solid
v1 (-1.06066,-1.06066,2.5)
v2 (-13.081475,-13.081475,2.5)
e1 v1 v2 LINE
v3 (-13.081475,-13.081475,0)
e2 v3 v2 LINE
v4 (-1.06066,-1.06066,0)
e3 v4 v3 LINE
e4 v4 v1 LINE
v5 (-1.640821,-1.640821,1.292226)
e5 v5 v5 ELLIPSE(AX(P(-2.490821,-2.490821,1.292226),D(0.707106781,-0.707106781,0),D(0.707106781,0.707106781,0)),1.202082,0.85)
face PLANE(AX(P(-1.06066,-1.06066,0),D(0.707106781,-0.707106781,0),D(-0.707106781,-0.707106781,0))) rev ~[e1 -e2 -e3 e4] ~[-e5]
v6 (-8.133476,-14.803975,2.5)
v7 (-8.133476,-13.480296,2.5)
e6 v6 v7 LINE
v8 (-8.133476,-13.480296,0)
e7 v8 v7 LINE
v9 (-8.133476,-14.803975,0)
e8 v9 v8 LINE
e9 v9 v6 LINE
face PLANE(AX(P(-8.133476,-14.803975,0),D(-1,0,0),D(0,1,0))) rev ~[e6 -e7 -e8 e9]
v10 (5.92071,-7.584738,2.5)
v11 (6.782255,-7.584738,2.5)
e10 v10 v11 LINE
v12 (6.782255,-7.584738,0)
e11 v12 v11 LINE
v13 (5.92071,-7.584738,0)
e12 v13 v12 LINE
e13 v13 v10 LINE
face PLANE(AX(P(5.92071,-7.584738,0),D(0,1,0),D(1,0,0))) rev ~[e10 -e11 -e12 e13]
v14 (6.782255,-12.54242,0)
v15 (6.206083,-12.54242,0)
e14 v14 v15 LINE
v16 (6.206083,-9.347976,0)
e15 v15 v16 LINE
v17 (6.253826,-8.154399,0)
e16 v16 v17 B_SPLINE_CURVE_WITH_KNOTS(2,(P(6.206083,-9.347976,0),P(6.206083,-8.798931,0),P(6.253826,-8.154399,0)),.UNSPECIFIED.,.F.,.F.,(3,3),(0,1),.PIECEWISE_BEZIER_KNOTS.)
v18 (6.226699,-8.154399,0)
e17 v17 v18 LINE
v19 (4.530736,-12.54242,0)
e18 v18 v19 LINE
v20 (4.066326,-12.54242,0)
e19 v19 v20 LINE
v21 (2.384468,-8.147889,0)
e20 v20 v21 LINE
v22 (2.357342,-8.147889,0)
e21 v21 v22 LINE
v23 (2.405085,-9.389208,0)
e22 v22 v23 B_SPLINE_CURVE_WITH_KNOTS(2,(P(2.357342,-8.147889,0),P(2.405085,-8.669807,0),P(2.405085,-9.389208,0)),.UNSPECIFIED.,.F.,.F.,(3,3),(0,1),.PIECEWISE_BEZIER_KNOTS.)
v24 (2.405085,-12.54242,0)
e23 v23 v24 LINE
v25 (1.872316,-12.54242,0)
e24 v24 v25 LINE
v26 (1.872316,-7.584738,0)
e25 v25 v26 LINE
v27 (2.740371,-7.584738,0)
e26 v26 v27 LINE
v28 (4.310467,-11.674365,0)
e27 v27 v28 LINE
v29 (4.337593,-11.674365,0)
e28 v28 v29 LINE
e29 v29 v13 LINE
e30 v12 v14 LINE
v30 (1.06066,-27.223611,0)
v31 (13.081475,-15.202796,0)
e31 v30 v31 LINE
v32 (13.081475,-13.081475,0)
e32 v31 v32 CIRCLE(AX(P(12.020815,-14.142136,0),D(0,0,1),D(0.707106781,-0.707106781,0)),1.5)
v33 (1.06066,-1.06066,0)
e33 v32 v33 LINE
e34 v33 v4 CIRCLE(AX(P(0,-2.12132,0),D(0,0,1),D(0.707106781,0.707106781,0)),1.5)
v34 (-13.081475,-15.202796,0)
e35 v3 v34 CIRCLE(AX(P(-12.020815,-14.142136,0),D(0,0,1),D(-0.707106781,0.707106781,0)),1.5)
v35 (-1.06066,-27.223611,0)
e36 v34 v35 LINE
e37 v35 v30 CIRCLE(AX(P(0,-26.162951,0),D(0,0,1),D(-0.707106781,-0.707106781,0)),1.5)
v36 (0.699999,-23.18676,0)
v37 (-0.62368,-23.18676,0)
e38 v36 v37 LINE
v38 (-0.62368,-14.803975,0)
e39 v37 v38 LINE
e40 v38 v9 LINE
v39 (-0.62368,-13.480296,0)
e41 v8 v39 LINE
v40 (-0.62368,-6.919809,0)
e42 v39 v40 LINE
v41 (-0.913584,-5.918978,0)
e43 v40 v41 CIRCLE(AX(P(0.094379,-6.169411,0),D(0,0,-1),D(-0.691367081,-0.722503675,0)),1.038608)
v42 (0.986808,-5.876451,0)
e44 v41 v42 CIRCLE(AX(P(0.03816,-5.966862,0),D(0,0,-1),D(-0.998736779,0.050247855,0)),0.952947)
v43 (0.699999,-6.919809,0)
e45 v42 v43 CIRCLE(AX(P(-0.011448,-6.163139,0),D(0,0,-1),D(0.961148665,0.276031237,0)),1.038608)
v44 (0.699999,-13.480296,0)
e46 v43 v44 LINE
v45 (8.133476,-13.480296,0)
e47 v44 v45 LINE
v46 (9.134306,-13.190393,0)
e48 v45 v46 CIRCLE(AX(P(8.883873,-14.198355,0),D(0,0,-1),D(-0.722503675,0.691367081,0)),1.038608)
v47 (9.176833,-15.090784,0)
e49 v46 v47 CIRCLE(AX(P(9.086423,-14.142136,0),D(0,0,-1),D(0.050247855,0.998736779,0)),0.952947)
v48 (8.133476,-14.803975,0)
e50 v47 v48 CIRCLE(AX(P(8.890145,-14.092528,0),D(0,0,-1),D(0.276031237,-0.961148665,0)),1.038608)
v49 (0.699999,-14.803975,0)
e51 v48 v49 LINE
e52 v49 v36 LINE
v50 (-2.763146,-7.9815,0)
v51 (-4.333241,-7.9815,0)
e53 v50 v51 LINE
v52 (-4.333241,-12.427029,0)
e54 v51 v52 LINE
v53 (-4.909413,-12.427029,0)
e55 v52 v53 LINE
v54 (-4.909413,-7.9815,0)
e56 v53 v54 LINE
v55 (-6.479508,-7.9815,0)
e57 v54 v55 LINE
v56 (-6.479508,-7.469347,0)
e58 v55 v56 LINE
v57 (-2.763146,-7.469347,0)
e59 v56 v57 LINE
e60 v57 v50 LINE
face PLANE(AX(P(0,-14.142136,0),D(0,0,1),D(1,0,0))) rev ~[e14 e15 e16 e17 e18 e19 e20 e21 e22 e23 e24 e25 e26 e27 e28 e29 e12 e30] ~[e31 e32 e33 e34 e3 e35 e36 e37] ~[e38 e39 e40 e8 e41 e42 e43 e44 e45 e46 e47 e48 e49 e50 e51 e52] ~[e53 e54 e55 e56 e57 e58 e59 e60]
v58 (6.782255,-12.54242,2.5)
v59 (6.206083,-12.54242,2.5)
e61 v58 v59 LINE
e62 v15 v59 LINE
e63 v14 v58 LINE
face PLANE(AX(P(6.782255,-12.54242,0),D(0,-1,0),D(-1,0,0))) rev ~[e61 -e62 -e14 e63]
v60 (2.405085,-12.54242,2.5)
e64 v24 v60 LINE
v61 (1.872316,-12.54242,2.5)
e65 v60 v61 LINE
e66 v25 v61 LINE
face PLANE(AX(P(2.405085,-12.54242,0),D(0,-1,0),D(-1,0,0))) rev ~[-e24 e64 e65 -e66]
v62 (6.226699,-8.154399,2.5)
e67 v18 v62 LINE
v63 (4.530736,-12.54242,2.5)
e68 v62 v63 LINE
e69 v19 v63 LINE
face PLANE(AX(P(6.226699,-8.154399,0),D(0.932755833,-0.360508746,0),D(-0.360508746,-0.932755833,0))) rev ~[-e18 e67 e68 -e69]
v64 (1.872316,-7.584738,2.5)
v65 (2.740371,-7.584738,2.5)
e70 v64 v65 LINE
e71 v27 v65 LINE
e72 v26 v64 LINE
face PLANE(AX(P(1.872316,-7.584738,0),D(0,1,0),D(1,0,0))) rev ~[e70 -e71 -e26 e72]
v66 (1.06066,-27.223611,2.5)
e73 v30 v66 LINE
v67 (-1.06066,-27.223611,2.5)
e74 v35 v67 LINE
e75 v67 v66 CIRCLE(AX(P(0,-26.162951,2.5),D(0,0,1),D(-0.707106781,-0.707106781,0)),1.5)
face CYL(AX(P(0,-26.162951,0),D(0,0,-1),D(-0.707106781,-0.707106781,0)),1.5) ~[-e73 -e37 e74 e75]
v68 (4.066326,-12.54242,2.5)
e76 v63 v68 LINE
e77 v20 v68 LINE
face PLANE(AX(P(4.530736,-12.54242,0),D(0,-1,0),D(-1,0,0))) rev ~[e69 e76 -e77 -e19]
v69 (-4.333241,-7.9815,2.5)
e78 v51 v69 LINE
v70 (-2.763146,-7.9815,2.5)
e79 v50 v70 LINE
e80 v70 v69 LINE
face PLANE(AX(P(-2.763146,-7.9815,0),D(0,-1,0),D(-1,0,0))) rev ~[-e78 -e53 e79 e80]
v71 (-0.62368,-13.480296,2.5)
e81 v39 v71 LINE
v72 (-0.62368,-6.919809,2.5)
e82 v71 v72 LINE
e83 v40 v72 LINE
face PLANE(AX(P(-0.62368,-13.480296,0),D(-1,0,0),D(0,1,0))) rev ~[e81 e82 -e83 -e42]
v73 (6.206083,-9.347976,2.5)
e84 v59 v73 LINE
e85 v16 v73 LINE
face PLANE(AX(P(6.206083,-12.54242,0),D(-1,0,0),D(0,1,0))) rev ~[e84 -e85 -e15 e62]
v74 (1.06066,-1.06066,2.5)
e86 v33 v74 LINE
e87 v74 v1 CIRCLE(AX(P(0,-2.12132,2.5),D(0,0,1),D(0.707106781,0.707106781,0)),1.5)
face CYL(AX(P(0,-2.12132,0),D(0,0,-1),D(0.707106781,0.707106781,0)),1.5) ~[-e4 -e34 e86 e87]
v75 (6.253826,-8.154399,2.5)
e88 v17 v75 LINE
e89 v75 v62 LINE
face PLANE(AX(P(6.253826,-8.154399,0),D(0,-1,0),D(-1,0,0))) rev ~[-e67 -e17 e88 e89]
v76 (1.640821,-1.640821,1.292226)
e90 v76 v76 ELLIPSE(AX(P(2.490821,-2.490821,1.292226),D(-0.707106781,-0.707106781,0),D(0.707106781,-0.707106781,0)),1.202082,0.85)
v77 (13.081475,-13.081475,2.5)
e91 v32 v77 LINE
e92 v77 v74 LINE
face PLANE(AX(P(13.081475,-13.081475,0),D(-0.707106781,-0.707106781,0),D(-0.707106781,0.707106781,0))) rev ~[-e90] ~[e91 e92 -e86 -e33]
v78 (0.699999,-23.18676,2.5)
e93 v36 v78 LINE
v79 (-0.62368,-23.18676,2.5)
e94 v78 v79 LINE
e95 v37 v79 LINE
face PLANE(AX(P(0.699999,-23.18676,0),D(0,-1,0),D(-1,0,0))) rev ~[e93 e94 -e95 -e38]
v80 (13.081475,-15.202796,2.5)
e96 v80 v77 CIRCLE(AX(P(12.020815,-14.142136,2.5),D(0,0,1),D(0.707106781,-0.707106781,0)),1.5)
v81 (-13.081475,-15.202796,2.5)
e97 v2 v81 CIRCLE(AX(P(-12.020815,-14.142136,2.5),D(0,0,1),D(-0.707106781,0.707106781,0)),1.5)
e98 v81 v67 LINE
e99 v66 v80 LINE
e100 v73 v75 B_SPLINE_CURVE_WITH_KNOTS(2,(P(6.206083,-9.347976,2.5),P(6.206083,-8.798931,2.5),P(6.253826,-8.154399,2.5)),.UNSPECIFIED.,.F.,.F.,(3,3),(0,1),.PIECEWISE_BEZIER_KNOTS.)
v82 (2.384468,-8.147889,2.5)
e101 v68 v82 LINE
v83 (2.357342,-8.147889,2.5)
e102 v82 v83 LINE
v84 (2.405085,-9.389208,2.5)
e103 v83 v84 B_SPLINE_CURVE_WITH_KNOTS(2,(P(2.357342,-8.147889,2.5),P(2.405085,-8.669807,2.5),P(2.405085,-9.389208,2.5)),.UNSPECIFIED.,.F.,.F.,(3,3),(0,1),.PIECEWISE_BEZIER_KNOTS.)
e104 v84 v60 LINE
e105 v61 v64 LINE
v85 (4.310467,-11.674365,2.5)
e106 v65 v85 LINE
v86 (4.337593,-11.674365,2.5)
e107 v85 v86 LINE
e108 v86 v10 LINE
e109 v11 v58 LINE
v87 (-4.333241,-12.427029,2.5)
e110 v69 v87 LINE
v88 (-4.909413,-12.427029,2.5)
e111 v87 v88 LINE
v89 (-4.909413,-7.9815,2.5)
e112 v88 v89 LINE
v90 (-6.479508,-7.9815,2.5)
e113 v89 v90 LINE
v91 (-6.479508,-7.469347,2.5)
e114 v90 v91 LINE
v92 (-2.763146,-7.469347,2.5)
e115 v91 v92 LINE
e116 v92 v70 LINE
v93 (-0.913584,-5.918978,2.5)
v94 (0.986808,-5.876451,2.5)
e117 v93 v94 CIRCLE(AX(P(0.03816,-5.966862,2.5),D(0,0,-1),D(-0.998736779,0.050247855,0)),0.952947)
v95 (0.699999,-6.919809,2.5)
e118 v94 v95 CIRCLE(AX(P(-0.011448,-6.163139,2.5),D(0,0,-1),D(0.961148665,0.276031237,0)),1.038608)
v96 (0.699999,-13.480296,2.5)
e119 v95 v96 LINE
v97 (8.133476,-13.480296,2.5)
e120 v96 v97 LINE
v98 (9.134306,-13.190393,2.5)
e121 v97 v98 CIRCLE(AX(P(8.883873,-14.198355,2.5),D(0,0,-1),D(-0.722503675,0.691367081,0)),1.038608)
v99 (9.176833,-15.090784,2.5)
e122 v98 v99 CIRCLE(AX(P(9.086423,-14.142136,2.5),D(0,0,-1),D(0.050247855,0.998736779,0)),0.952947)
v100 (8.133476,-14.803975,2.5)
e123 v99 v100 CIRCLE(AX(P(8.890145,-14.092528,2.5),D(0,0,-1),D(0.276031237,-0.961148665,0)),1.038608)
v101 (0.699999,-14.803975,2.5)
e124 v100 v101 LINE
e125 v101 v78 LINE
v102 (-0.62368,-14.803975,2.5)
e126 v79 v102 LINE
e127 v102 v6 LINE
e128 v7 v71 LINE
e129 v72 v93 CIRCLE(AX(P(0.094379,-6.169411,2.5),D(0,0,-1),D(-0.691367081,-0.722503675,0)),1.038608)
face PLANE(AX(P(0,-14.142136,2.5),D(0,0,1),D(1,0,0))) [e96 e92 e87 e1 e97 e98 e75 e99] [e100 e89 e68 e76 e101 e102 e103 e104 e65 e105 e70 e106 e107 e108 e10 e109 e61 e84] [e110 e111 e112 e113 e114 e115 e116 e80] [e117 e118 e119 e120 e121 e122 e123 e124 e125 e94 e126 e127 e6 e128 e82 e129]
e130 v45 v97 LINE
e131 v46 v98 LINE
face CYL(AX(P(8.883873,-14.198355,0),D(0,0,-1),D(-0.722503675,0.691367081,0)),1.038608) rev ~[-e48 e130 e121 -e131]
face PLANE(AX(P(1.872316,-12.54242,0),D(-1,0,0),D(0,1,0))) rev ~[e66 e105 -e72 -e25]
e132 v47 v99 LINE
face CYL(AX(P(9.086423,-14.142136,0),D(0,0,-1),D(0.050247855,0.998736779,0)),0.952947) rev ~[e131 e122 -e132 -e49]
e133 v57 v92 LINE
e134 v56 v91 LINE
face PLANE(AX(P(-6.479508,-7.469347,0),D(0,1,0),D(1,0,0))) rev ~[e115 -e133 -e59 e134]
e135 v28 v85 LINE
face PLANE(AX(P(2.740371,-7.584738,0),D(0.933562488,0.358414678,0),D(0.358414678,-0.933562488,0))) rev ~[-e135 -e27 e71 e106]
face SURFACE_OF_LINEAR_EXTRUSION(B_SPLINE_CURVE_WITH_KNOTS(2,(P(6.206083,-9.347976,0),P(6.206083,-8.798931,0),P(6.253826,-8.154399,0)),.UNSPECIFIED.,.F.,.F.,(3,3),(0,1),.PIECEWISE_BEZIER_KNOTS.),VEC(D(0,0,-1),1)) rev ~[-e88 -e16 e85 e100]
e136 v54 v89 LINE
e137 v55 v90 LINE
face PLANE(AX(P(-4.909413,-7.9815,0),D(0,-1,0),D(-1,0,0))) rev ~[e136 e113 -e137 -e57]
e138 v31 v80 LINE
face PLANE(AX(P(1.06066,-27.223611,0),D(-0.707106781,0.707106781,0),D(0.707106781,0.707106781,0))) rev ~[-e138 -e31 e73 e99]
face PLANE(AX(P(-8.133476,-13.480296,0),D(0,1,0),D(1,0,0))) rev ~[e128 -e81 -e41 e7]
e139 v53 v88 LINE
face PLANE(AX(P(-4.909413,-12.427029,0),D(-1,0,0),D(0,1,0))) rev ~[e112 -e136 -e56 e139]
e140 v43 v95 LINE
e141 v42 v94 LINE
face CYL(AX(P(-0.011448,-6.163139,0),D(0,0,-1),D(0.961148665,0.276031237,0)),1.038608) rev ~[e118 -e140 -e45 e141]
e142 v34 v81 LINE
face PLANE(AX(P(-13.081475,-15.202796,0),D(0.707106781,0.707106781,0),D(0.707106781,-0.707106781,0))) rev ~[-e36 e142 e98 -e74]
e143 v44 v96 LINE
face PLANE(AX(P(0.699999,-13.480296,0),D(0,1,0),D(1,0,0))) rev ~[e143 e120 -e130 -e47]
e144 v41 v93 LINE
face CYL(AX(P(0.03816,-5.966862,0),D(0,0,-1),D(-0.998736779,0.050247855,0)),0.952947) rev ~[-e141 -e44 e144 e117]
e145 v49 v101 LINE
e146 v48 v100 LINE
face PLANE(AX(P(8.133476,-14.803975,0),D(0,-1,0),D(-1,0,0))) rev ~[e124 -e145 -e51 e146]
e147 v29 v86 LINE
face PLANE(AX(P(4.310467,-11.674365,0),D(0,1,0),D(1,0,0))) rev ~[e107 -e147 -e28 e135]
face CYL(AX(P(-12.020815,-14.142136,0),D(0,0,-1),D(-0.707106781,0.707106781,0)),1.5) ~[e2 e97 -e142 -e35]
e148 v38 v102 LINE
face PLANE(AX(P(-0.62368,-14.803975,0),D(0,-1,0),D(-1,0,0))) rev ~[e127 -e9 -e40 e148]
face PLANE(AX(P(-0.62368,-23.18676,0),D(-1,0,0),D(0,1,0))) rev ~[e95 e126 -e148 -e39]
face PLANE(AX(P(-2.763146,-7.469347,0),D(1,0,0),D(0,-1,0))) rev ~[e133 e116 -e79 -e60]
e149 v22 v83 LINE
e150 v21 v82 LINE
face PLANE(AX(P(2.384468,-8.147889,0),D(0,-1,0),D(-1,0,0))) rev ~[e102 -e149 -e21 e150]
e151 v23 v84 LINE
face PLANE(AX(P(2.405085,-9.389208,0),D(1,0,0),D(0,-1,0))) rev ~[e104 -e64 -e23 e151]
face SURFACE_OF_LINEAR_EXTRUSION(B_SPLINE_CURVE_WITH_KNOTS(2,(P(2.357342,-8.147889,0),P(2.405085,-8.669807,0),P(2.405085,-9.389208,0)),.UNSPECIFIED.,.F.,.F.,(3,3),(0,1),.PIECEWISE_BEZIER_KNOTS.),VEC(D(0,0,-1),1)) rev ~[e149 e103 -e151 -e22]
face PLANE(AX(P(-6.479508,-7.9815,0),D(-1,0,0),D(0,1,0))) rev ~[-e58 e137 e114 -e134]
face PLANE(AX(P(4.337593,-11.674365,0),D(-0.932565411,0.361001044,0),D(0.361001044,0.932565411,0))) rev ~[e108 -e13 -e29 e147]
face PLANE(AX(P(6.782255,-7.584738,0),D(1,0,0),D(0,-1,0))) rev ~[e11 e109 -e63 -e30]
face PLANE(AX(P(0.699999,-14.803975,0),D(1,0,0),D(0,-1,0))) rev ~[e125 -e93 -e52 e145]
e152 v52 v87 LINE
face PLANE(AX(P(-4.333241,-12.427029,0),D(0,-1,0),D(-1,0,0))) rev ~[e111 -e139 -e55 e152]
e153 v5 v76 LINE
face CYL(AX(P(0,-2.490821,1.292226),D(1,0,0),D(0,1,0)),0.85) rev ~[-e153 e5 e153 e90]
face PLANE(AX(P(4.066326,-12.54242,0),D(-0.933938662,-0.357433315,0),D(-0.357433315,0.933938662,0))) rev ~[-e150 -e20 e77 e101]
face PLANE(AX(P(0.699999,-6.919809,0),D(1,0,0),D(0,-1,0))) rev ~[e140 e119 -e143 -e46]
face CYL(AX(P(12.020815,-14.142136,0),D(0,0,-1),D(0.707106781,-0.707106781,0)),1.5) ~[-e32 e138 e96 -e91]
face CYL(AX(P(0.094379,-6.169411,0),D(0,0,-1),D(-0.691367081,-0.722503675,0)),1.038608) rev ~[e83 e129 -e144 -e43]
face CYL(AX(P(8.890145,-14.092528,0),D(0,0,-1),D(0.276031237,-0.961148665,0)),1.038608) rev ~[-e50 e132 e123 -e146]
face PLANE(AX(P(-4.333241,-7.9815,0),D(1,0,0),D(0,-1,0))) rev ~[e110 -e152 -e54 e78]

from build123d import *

# Parameters (mm, degrees)
F1_DEPTH = 2.5
F2_R     = 0.85
F3_DEPTH = 12.5


with BuildPart() as f1:
    # F0 (on Top) → F1 (new body)
    with BuildSketch(Plane.XY):
        with BuildLine():
            Line((13.081475452, -13.081475452), (1.0606601718, -1.0606601718))
            ThreePointArc((1.0606601718, -1.0606601718), (0, -0.6213203436), (-1.0606601718, -1.0606601718))
            Line((-1.0606601718, -1.0606601718), (-13.081475452, -13.081475452))
            ThreePointArc((-13.081475452, -13.081475452), (-13.5208152802, -14.1421356237), (-13.081475452, -15.2027957955))
            Line((-13.081475452, -15.2027957955), (-1.0606601718, -27.2236110757))
            ThreePointArc((-1.0606601718, -27.2236110757), (0, -27.6629509039), (1.0606601718, -27.2236110757))
            Line((1.0606601718, -27.2236110757), (13.081475452, -15.2027957955))
            ThreePointArc((13.081475452, -15.2027957955), (13.5208152802, -14.1421356237), (13.081475452, -13.081475452))
        make_face()
        Polygon((-4.3332411349, -7.9814997978), (-4.3332411349, -12.4270293117), (-4.9094130099, -12.4270293117), (-4.9094130099, -7.9814997978), (-6.479508496, -7.9814997978), (-6.479508496, -7.46934702), (-2.7631456488, -7.46934702), (-2.7631456488, -7.9814997978), align=None, mode=Mode.SUBTRACT)
        with BuildLine():
            Line((-8.1334756687, -14.8039748892), (-8.1334756687, -13.4802963582))
            Line((-8.1334756687, -13.4802963582), (-0.6236797201, -13.4802963582))
            Line((-0.6236797201, -13.4802963582), (-0.6236797201, -6.9198086858))
            ThreePointArc((-0.6236797201, -6.9198086858), (-0.9032194318, -6.4583786209), (-0.9135835525, -5.9189782686))
            ThreePointArc((-0.9135835525, -5.9189782686), (0.0168397474, -5.0141534426), (0.9868078824, -5.876451129))
            ThreePointArc((0.9868078824, -5.876451129), (0.9900106564, -6.4384308628), (0.6999988109, -6.9198086858))
            Line((0.6999988109, -6.9198086858), (0.6999988109, -13.4802963582))
            Line((0.6999988109, -13.4802963582), (8.1334756687, -13.4802963582))
            ThreePointArc((8.1334756687, -13.4802963582), (8.5949057336, -13.2007566465), (9.134306086, -13.1903925258))
            ThreePointArc((9.134306086, -13.1903925258), (10.0391309119, -14.1208158258), (9.1768332255, -15.0907839607))
            ThreePointArc((9.1768332255, -15.0907839607), (8.6148534917, -15.0939867347), (8.1334756687, -14.8039748892))
            Line((8.1334756687, -14.8039748892), (0.6999988109, -14.8039748892))
            Line((0.6999988109, -14.8039748892), (0.6999988109, -23.1867600232))
            Line((0.6999988109, -23.1867600232), (-0.6236797201, -23.1867600232))
            Line((-0.6236797201, -23.1867600232), (-0.6236797201, -14.8039748892))
            Line((-0.6236797201, -14.8039748892), (-8.1334756687, -14.8039748892))
        make_face(mode=Mode.SUBTRACT)
        with BuildLine():
            Line((4.530735705, -12.5424201787), (4.0663259828, -12.5424201787))
            Line((4.0663259828, -12.5424201787), (2.3844683439, -8.1478889287))
            Line((2.3844683439, -8.1478889287), (2.3573416078, -8.1478889287))
            add(Edge.make_bspline(
                [(2.3573416078, -8.1478889287), (2.4050846634, -8.6698073314), (2.4050846634, -9.3892083731)],
                knots=[0, 0, 0, 1, 1, 1], degree=2))
            Line((2.4050846634, -9.3892083731), (2.4050846634, -12.5424201787))
            Line((2.4050846634, -12.5424201787), (1.8723155662, -12.5424201787))
            Line((1.8723155662, -12.5424201787), (1.8723155662, -7.584737887))
            Line((1.8723155662, -7.584737887), (2.7403711217, -7.584737887))
            Line((2.7403711217, -7.584737887), (4.3104666078, -11.6743646231))
            Line((4.3104666078, -11.6743646231), (4.3375933439, -11.6743646231))
            Line((4.3375933439, -11.6743646231), (5.9207096634, -7.584737887))
            Line((5.9207096634, -7.584737887), (6.7822548023, -7.584737887))
            Line((6.7822548023, -7.584737887), (6.7822548023, -12.5424201787))
            Line((6.7822548023, -12.5424201787), (6.2060829273, -12.5424201787))
            Line((6.2060829273, -12.5424201787), (6.2060829273, -9.3479757342))
            add(Edge.make_bspline(
                [(6.2060829273, -9.3479757342), (6.2060829273, -8.7989305953), (6.2538259828, -8.1543993453)],
                knots=[0, 0, 0, 1, 1, 1], degree=2))
            Line((6.2538259828, -8.1543993453), (6.2266992467, -8.1543993453))
            Line((6.2266992467, -8.1543993453), (4.530735705, -12.5424201787))
        make_face(mode=Mode.SUBTRACT)
    extrude(amount=F1_DEPTH)

    # F2 (on Right) → F3 (cut, symmetric)
    with BuildSketch(Plane.YZ):
        with Locations((-2.4908210296, 1.292226194)):
            Circle(F2_R)
    extrude(amount=F3_DEPTH, both=True, mode=Mode.SUBTRACT)


solid = f1.part
